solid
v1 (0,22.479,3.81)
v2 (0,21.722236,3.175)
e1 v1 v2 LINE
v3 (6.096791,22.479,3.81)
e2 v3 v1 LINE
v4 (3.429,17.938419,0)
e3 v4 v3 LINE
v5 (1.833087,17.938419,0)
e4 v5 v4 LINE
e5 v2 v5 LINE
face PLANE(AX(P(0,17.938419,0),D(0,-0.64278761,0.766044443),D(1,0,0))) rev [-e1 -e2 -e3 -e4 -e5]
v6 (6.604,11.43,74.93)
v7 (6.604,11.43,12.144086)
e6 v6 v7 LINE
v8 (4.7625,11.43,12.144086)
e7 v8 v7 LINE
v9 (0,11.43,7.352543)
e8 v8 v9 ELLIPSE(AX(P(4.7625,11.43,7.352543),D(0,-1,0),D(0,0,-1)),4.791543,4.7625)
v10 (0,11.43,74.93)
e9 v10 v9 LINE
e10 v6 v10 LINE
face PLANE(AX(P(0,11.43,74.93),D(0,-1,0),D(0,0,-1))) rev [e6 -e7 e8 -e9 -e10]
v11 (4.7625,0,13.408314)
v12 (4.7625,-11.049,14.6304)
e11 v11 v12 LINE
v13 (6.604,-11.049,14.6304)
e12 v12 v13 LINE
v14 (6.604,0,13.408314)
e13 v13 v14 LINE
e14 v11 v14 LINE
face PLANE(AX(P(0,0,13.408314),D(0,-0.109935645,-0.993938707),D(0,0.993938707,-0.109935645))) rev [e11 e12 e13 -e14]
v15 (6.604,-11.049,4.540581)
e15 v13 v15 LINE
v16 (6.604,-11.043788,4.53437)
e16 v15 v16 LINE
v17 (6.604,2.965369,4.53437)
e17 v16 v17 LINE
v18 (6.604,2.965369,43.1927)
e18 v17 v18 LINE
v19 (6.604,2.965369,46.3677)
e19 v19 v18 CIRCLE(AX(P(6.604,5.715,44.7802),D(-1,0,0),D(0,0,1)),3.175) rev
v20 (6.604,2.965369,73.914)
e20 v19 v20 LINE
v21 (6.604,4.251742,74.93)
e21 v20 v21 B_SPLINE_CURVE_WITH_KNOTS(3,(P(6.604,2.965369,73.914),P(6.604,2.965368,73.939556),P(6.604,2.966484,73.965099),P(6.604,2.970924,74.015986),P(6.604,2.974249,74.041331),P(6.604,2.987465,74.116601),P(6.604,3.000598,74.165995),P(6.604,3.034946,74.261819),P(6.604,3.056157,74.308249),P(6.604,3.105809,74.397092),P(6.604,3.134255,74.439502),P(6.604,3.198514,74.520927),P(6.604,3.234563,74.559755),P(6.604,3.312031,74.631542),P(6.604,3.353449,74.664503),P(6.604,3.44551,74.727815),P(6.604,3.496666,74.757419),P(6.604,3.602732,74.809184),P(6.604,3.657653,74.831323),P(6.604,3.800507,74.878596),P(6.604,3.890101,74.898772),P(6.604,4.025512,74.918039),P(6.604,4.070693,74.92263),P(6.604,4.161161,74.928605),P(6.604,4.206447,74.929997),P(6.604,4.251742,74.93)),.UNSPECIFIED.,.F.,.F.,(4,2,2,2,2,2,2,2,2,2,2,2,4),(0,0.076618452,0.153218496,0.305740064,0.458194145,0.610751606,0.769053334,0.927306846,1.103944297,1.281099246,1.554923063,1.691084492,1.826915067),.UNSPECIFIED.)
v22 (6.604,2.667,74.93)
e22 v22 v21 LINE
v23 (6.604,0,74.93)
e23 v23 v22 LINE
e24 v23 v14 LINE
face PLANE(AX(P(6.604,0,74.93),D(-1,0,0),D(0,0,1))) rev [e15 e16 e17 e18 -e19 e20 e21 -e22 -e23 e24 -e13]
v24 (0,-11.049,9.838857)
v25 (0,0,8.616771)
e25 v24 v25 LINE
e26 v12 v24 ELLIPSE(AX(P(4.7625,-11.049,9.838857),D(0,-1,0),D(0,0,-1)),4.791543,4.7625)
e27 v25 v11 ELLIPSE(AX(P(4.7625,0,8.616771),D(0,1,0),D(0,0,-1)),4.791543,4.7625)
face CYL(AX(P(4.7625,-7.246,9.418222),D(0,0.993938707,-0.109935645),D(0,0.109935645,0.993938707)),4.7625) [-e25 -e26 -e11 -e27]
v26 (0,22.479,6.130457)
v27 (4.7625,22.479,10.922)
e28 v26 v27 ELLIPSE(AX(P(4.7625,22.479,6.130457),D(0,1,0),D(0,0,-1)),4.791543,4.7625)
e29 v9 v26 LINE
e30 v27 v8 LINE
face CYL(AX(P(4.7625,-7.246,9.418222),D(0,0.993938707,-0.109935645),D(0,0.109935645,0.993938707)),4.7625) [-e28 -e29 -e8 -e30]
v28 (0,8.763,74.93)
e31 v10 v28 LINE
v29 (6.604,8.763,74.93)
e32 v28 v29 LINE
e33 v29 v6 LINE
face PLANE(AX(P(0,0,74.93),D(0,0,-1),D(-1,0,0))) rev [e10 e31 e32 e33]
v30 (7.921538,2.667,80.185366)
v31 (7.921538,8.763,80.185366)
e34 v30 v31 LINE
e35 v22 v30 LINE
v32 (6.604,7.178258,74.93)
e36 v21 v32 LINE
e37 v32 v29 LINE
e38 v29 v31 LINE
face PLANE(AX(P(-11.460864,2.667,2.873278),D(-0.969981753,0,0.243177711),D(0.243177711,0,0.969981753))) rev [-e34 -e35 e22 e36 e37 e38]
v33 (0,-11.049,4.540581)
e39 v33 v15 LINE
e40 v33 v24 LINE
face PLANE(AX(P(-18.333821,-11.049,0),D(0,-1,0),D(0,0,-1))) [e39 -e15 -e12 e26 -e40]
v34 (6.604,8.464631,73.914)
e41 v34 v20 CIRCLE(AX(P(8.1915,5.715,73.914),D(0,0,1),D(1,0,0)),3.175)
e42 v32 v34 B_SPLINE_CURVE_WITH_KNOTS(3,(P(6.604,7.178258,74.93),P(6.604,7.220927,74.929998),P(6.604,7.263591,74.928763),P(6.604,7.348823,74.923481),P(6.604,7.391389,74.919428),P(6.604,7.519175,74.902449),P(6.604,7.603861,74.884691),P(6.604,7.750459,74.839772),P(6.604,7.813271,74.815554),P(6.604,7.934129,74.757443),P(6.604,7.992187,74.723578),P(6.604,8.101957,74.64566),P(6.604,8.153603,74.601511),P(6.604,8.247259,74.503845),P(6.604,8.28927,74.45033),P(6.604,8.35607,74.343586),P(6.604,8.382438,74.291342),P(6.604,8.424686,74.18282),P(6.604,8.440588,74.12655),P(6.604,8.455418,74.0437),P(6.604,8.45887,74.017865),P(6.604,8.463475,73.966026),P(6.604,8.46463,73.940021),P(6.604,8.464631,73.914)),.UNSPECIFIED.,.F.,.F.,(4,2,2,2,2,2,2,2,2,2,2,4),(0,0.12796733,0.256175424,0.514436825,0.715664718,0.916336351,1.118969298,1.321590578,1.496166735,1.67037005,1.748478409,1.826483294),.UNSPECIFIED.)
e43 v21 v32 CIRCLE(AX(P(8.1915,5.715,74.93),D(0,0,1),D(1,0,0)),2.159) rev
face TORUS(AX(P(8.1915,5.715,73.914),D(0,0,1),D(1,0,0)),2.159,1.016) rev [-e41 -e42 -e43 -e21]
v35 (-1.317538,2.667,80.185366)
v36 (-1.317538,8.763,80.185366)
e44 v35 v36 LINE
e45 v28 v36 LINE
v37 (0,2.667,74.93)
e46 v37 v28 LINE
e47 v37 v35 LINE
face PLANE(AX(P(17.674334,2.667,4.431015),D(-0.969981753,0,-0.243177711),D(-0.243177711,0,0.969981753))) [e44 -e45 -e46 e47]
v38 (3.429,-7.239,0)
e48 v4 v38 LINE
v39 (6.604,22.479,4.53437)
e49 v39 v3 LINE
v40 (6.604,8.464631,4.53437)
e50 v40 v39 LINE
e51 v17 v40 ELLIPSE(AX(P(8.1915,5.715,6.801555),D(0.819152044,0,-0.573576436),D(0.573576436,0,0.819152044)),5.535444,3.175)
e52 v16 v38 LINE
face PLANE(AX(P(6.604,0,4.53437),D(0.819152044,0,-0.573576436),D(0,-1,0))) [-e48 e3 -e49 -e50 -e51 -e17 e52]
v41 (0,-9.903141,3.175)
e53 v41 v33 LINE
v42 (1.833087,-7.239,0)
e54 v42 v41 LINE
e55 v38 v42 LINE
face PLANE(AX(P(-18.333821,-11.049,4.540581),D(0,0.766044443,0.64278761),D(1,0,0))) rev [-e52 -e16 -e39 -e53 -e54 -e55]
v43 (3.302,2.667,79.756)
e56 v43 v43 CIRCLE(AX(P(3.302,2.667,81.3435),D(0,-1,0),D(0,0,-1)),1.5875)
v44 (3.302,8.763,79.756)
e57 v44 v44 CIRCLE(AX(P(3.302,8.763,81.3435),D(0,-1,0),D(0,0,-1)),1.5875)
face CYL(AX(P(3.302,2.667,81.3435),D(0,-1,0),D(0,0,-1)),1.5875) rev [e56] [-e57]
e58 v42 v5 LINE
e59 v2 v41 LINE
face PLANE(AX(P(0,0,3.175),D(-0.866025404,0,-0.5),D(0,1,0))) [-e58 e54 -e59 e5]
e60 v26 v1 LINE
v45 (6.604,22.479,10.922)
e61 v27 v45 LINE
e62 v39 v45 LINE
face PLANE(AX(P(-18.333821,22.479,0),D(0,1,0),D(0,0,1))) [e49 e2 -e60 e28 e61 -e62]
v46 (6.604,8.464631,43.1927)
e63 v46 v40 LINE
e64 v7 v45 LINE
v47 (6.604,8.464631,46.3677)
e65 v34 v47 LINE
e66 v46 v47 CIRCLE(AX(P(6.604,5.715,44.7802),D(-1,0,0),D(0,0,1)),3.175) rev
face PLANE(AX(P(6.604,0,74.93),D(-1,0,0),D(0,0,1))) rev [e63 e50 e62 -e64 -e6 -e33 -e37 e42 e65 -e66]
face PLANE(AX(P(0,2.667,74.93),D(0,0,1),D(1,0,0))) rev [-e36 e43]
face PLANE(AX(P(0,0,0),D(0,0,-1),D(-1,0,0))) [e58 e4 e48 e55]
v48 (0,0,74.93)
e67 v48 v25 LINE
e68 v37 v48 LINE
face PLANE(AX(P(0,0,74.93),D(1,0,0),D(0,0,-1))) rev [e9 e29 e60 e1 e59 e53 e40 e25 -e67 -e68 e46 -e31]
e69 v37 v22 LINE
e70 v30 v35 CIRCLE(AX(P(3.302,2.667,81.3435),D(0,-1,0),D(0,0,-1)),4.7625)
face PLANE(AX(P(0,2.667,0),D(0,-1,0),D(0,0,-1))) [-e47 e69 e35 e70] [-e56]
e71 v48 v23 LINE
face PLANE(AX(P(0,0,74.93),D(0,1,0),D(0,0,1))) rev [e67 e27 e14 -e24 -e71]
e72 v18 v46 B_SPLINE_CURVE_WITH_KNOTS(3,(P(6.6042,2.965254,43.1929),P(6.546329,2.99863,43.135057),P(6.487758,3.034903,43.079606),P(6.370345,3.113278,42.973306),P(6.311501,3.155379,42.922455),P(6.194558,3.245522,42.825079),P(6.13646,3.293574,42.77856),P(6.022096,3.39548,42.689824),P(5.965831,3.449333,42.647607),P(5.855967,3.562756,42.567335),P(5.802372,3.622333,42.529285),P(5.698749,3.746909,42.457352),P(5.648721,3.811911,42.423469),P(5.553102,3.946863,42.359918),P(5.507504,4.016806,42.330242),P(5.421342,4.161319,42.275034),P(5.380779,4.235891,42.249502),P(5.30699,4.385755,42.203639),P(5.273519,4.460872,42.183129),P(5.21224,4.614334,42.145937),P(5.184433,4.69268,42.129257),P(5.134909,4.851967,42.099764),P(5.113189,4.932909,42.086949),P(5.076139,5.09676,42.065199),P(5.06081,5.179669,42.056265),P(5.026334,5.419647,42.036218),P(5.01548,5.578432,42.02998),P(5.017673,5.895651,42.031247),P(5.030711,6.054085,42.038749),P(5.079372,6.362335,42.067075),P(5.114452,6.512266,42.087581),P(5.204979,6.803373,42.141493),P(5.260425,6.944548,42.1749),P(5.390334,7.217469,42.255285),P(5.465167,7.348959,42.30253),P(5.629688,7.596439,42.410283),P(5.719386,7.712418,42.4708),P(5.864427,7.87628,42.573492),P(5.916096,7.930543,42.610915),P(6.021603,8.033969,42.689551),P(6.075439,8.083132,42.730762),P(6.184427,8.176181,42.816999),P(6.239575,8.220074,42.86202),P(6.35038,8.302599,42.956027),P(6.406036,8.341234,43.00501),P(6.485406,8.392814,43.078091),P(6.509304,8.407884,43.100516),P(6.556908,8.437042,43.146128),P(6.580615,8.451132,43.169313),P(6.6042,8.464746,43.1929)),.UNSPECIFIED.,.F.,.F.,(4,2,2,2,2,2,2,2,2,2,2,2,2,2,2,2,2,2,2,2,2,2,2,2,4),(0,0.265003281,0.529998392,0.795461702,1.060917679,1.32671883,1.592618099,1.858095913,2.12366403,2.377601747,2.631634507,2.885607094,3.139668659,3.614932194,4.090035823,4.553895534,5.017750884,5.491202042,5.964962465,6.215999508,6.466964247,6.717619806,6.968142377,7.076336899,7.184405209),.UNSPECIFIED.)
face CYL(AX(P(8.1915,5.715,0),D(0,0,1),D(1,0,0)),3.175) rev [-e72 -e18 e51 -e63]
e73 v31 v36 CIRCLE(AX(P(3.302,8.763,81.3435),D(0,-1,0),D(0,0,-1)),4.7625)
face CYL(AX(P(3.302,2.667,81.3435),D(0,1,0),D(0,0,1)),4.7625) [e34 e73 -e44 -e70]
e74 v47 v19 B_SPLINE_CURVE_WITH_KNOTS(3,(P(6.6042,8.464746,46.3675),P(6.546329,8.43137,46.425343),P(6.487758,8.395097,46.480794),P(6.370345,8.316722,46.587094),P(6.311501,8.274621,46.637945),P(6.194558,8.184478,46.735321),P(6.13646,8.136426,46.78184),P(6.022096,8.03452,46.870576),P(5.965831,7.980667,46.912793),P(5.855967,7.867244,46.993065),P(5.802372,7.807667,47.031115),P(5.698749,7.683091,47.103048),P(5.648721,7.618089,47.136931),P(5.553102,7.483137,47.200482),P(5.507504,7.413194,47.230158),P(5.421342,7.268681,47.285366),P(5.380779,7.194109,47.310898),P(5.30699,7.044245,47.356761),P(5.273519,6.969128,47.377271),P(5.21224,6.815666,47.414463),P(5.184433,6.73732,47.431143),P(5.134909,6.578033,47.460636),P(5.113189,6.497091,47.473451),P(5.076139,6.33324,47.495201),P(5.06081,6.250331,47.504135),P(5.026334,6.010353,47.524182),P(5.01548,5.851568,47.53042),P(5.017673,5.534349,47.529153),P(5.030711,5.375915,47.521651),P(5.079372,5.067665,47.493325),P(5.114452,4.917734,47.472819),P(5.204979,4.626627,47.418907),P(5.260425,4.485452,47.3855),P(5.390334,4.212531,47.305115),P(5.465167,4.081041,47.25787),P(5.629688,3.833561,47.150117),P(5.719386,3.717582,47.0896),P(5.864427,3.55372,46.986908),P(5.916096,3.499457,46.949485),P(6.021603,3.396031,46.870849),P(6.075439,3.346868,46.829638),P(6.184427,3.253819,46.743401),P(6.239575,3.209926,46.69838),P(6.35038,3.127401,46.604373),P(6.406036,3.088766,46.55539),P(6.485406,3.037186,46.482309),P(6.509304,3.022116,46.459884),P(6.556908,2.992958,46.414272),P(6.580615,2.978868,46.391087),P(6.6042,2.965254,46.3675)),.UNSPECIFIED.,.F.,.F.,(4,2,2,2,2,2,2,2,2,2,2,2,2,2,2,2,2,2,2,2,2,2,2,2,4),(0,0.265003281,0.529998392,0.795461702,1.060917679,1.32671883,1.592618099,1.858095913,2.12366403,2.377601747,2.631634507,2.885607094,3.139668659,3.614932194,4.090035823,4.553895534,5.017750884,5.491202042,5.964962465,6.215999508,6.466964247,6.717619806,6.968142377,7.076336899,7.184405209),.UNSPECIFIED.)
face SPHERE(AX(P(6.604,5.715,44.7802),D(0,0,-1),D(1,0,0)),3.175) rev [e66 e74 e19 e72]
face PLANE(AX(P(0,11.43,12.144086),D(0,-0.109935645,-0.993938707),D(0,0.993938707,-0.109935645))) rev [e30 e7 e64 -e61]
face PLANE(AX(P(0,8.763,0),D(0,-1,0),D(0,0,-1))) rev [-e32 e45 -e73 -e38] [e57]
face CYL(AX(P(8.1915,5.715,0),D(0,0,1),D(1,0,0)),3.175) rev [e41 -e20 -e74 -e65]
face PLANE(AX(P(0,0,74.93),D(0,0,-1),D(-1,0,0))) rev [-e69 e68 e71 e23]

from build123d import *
from OCP.BRepFilletAPI import BRepFilletAPI_MakeChamfer
from build123d.topology import SkipClean

# Parameters (mm, degrees)
SKETCH1_W                    = 6.604
SKETCH1_H                    = 11.43
BOSS_EXTRUDE1_DEPTH          = 74.93
SKETCH2_W                    = 14.6304
SKETCH2_H                    = 11.049
BOSS_EXTRUDE2_DEPTH          = 6.604
CUT_EXTRUDE1_DEPTH           = 79.507471982
SKETCH4_R                    = 3.175
CUT_EXTRUDE2_DEPTH           = 79.507471982
FILLET1_R                    = 4.7625
CHAMFER1_SIZE                = 3.175
CHAMFER1_SIZE2               = 1.833087105
CHAMFER2_SIZE                = 3.175
CHAMFER2_SIZE2               = 4.534369921
CHAMFER3_SIZE                = 3.81
CHAMFER3_SIZE2               = 4.540581188
BOSS_EXTRUDE3_DEPTH          = 3.048
F_1_8_0_125_DIAMETER_HOLE1_D = 3.175
FILLET2_R                    = 1.016


with BuildPart() as part:
    # Sketch1 → Boss-Extrude1 (new body)
    with BuildSketch(Plane.XY):
        with Locations((3.302, 5.715)):
            Rectangle(SKETCH1_W, SKETCH1_H)
    extrude(amount=BOSS_EXTRUDE1_DEPTH)

    # Sketch2 → Boss-Extrude2 (add)
    with BuildSketch(Plane(origin=(6.604, 0, 0), x_dir=(0, 0, -1), z_dir=(1, 0, 0))):
        with Locations((-7.3152, -5.5245)):
            Rectangle(SKETCH2_W, SKETCH2_H)
        with Locations((-7.3152, 16.9545)):
            Rectangle(SKETCH2_W, SKETCH2_H)
    extrude(amount=-BOSS_EXTRUDE2_DEPTH)

    # Sketch3 → Cut-Extrude1 (cut, through all)
    with BuildSketch(Plane(origin=(6.604, 0, 0), x_dir=(0, 0, -1), z_dir=(1, 0, 0))):
        Polygon((-10.922, 22.479), (-14.6304, 22.479), (-14.6304, 11.43), (-12.144086364, 11.43), align=None)
        Polygon((-14.6304, 0), (-14.6304, -11.049), (-13.408313636, 0), align=None)
    extrude(amount=-CUT_EXTRUDE1_DEPTH, mode=Mode.SUBTRACT)

    # Sketch4 → Cut-Extrude2 (cut, through all)
    with BuildSketch(Plane.XY.offset(74.93)):
        with Locations((8.1915, 5.715)):
            Circle(SKETCH4_R)
    extrude(amount=-CUT_EXTRUDE2_DEPTH, mode=Mode.SUBTRACT)

    # Fillet1
    fillet1_edges = [part.edges().sort_by_distance(p)[0] for p in [
        (0, -5.5245, 14.019356818),
        (0, 16.9545, 11.533043182),
    ]]
    fillet(fillet1_edges, radius=FILLET1_R)

    # Chamfer1
    chamfer1_edges = [part.edges().sort_by_distance(p)[0] for p in [
        (0, 5.715, 0),
    ]]
    chamfer1_side = [part.faces().sort_by_distance(p)[0] for p in [
        (0, 5.39199625, 31.764871667),
    ]]
    chamfer(chamfer1_edges, length=CHAMFER1_SIZE, length2=CHAMFER1_SIZE2, reference=chamfer1_side[0])

    # Chamfer2
    chamfer2_edges = [part.edges().sort_by_distance(p)[0] for p in [
        (6.604, 15.471815329, 0),
    ]]
    chamfer2_side = [part.faces().sort_by_distance(p)[0] for p in [
        (4.148704261, 5.715, 0),
    ]]
    chamfer(chamfer2_edges, length=CHAMFER2_SIZE, length2=CHAMFER2_SIZE2, reference=chamfer2_side[0])

    # Chamfer3: one chamfer whose edges measure the first distance from different faces: ONE call of the kernel's chamfer builder (chamfer() names one face for all edges)
    chamfer3_edges_1 = [part.edges().sort_by_distance(p)[0] for p in [
        (2.631043552, 22.479, 0),
    ]]
    chamfer3_side_1 = [part.faces().sort_by_distance(p)[0] for p in [
        (3.348233995, 22.479, 5.806565438),
    ]]
    chamfer3_edges_2 = [part.edges().sort_by_distance(p)[0] for p in [
        (2.631043552, -11.049, 0),
    ]]
    chamfer3_side_2 = [part.faces().sort_by_distance(p)[0] for p in [
        (2.631043552, 5.715, 0),
    ]]
    chamfer3 = BRepFilletAPI_MakeChamfer(part.part.solid().wrapped)
    for e in chamfer3_edges_1:
        chamfer3.Add(CHAMFER3_SIZE, CHAMFER3_SIZE2, e.wrapped, chamfer3_side_1[0].wrapped)  # the first distance lies on this face
    for e in chamfer3_edges_2:
        chamfer3.Add(CHAMFER3_SIZE, CHAMFER3_SIZE2, e.wrapped, chamfer3_side_2[0].wrapped)  # the first distance lies on this face
    add(Compound.cast(chamfer3.Shape()), mode=Mode.REPLACE)

    # Sketch5 → Boss-Extrude3 (add, symmetric)
    with BuildSketch(Plane(origin=(0, 5.715, 0), x_dir=(-1, 0, 0), z_dir=(0, -1, 0))):
        with BuildLine():
            Line((0, -74.93), (-6.604, -74.93))
            Line((-6.604, -74.93), (-7.921538097, -80.185366149))
            ThreePointArc((-7.921538097, -80.185366149), (-3.302, -86.106), (1.317538097, -80.185366149))
            Line((1.317538097, -80.185366149), (0, -74.93))
        make_face()
    extrude(amount=BOSS_EXTRUDE3_DEPTH, both=True)

    # 1/8 (0.125) Diameter Hole1 (through all)
    with Locations(Plane(origin=(0, 2.667, 0), x_dir=(-1, 0, 0), z_dir=(0, -1, 0))):
        with Locations((-3.302, -81.3435)):
            Hole(F_1_8_0_125_DIAMETER_HOLE1_D / 2)

    # Fillet2
    fillet2_edges = [part.edges().sort_by_distance(p)[0] for p in [
        (5.0165, 5.715, 74.93),
    ]]
    fillet(fillet2_edges, radius=FILLET2_R)

    # Sketch8 → Cut-Revolve3 (revolve, cut)
    with SkipClean():  # the faces are left unmerged after this step: merging them gives an invalid solid
        with BuildSketch(Plane(origin=(0, 5.715, 0), x_dir=(-1, 0, 0), z_dir=(0, -1, 0))):
            with BuildLine():
                ThreePointArc((-3.429, -44.7802), (-4.35893597, -42.53513597), (-6.604, -41.6052))
                Line((-6.604, -41.6052), (-6.604, -47.9552))
                ThreePointArc((-6.604, -47.9552), (-4.35893597, -47.02526403), (-3.429, -44.7802))
            make_face()
            with BuildLine():
                Line((-6.604, -47.9552), (-6.604, -41.6052))
                ThreePointArc((-6.604, -41.6052), (-9.779, -44.7802), (-6.604, -47.9552))
            make_face()
        revolve(axis=Axis((6.604, 5.715, 14.6304), (0, 0, 1)), mode=Mode.SUBTRACT)


solid = part.part
